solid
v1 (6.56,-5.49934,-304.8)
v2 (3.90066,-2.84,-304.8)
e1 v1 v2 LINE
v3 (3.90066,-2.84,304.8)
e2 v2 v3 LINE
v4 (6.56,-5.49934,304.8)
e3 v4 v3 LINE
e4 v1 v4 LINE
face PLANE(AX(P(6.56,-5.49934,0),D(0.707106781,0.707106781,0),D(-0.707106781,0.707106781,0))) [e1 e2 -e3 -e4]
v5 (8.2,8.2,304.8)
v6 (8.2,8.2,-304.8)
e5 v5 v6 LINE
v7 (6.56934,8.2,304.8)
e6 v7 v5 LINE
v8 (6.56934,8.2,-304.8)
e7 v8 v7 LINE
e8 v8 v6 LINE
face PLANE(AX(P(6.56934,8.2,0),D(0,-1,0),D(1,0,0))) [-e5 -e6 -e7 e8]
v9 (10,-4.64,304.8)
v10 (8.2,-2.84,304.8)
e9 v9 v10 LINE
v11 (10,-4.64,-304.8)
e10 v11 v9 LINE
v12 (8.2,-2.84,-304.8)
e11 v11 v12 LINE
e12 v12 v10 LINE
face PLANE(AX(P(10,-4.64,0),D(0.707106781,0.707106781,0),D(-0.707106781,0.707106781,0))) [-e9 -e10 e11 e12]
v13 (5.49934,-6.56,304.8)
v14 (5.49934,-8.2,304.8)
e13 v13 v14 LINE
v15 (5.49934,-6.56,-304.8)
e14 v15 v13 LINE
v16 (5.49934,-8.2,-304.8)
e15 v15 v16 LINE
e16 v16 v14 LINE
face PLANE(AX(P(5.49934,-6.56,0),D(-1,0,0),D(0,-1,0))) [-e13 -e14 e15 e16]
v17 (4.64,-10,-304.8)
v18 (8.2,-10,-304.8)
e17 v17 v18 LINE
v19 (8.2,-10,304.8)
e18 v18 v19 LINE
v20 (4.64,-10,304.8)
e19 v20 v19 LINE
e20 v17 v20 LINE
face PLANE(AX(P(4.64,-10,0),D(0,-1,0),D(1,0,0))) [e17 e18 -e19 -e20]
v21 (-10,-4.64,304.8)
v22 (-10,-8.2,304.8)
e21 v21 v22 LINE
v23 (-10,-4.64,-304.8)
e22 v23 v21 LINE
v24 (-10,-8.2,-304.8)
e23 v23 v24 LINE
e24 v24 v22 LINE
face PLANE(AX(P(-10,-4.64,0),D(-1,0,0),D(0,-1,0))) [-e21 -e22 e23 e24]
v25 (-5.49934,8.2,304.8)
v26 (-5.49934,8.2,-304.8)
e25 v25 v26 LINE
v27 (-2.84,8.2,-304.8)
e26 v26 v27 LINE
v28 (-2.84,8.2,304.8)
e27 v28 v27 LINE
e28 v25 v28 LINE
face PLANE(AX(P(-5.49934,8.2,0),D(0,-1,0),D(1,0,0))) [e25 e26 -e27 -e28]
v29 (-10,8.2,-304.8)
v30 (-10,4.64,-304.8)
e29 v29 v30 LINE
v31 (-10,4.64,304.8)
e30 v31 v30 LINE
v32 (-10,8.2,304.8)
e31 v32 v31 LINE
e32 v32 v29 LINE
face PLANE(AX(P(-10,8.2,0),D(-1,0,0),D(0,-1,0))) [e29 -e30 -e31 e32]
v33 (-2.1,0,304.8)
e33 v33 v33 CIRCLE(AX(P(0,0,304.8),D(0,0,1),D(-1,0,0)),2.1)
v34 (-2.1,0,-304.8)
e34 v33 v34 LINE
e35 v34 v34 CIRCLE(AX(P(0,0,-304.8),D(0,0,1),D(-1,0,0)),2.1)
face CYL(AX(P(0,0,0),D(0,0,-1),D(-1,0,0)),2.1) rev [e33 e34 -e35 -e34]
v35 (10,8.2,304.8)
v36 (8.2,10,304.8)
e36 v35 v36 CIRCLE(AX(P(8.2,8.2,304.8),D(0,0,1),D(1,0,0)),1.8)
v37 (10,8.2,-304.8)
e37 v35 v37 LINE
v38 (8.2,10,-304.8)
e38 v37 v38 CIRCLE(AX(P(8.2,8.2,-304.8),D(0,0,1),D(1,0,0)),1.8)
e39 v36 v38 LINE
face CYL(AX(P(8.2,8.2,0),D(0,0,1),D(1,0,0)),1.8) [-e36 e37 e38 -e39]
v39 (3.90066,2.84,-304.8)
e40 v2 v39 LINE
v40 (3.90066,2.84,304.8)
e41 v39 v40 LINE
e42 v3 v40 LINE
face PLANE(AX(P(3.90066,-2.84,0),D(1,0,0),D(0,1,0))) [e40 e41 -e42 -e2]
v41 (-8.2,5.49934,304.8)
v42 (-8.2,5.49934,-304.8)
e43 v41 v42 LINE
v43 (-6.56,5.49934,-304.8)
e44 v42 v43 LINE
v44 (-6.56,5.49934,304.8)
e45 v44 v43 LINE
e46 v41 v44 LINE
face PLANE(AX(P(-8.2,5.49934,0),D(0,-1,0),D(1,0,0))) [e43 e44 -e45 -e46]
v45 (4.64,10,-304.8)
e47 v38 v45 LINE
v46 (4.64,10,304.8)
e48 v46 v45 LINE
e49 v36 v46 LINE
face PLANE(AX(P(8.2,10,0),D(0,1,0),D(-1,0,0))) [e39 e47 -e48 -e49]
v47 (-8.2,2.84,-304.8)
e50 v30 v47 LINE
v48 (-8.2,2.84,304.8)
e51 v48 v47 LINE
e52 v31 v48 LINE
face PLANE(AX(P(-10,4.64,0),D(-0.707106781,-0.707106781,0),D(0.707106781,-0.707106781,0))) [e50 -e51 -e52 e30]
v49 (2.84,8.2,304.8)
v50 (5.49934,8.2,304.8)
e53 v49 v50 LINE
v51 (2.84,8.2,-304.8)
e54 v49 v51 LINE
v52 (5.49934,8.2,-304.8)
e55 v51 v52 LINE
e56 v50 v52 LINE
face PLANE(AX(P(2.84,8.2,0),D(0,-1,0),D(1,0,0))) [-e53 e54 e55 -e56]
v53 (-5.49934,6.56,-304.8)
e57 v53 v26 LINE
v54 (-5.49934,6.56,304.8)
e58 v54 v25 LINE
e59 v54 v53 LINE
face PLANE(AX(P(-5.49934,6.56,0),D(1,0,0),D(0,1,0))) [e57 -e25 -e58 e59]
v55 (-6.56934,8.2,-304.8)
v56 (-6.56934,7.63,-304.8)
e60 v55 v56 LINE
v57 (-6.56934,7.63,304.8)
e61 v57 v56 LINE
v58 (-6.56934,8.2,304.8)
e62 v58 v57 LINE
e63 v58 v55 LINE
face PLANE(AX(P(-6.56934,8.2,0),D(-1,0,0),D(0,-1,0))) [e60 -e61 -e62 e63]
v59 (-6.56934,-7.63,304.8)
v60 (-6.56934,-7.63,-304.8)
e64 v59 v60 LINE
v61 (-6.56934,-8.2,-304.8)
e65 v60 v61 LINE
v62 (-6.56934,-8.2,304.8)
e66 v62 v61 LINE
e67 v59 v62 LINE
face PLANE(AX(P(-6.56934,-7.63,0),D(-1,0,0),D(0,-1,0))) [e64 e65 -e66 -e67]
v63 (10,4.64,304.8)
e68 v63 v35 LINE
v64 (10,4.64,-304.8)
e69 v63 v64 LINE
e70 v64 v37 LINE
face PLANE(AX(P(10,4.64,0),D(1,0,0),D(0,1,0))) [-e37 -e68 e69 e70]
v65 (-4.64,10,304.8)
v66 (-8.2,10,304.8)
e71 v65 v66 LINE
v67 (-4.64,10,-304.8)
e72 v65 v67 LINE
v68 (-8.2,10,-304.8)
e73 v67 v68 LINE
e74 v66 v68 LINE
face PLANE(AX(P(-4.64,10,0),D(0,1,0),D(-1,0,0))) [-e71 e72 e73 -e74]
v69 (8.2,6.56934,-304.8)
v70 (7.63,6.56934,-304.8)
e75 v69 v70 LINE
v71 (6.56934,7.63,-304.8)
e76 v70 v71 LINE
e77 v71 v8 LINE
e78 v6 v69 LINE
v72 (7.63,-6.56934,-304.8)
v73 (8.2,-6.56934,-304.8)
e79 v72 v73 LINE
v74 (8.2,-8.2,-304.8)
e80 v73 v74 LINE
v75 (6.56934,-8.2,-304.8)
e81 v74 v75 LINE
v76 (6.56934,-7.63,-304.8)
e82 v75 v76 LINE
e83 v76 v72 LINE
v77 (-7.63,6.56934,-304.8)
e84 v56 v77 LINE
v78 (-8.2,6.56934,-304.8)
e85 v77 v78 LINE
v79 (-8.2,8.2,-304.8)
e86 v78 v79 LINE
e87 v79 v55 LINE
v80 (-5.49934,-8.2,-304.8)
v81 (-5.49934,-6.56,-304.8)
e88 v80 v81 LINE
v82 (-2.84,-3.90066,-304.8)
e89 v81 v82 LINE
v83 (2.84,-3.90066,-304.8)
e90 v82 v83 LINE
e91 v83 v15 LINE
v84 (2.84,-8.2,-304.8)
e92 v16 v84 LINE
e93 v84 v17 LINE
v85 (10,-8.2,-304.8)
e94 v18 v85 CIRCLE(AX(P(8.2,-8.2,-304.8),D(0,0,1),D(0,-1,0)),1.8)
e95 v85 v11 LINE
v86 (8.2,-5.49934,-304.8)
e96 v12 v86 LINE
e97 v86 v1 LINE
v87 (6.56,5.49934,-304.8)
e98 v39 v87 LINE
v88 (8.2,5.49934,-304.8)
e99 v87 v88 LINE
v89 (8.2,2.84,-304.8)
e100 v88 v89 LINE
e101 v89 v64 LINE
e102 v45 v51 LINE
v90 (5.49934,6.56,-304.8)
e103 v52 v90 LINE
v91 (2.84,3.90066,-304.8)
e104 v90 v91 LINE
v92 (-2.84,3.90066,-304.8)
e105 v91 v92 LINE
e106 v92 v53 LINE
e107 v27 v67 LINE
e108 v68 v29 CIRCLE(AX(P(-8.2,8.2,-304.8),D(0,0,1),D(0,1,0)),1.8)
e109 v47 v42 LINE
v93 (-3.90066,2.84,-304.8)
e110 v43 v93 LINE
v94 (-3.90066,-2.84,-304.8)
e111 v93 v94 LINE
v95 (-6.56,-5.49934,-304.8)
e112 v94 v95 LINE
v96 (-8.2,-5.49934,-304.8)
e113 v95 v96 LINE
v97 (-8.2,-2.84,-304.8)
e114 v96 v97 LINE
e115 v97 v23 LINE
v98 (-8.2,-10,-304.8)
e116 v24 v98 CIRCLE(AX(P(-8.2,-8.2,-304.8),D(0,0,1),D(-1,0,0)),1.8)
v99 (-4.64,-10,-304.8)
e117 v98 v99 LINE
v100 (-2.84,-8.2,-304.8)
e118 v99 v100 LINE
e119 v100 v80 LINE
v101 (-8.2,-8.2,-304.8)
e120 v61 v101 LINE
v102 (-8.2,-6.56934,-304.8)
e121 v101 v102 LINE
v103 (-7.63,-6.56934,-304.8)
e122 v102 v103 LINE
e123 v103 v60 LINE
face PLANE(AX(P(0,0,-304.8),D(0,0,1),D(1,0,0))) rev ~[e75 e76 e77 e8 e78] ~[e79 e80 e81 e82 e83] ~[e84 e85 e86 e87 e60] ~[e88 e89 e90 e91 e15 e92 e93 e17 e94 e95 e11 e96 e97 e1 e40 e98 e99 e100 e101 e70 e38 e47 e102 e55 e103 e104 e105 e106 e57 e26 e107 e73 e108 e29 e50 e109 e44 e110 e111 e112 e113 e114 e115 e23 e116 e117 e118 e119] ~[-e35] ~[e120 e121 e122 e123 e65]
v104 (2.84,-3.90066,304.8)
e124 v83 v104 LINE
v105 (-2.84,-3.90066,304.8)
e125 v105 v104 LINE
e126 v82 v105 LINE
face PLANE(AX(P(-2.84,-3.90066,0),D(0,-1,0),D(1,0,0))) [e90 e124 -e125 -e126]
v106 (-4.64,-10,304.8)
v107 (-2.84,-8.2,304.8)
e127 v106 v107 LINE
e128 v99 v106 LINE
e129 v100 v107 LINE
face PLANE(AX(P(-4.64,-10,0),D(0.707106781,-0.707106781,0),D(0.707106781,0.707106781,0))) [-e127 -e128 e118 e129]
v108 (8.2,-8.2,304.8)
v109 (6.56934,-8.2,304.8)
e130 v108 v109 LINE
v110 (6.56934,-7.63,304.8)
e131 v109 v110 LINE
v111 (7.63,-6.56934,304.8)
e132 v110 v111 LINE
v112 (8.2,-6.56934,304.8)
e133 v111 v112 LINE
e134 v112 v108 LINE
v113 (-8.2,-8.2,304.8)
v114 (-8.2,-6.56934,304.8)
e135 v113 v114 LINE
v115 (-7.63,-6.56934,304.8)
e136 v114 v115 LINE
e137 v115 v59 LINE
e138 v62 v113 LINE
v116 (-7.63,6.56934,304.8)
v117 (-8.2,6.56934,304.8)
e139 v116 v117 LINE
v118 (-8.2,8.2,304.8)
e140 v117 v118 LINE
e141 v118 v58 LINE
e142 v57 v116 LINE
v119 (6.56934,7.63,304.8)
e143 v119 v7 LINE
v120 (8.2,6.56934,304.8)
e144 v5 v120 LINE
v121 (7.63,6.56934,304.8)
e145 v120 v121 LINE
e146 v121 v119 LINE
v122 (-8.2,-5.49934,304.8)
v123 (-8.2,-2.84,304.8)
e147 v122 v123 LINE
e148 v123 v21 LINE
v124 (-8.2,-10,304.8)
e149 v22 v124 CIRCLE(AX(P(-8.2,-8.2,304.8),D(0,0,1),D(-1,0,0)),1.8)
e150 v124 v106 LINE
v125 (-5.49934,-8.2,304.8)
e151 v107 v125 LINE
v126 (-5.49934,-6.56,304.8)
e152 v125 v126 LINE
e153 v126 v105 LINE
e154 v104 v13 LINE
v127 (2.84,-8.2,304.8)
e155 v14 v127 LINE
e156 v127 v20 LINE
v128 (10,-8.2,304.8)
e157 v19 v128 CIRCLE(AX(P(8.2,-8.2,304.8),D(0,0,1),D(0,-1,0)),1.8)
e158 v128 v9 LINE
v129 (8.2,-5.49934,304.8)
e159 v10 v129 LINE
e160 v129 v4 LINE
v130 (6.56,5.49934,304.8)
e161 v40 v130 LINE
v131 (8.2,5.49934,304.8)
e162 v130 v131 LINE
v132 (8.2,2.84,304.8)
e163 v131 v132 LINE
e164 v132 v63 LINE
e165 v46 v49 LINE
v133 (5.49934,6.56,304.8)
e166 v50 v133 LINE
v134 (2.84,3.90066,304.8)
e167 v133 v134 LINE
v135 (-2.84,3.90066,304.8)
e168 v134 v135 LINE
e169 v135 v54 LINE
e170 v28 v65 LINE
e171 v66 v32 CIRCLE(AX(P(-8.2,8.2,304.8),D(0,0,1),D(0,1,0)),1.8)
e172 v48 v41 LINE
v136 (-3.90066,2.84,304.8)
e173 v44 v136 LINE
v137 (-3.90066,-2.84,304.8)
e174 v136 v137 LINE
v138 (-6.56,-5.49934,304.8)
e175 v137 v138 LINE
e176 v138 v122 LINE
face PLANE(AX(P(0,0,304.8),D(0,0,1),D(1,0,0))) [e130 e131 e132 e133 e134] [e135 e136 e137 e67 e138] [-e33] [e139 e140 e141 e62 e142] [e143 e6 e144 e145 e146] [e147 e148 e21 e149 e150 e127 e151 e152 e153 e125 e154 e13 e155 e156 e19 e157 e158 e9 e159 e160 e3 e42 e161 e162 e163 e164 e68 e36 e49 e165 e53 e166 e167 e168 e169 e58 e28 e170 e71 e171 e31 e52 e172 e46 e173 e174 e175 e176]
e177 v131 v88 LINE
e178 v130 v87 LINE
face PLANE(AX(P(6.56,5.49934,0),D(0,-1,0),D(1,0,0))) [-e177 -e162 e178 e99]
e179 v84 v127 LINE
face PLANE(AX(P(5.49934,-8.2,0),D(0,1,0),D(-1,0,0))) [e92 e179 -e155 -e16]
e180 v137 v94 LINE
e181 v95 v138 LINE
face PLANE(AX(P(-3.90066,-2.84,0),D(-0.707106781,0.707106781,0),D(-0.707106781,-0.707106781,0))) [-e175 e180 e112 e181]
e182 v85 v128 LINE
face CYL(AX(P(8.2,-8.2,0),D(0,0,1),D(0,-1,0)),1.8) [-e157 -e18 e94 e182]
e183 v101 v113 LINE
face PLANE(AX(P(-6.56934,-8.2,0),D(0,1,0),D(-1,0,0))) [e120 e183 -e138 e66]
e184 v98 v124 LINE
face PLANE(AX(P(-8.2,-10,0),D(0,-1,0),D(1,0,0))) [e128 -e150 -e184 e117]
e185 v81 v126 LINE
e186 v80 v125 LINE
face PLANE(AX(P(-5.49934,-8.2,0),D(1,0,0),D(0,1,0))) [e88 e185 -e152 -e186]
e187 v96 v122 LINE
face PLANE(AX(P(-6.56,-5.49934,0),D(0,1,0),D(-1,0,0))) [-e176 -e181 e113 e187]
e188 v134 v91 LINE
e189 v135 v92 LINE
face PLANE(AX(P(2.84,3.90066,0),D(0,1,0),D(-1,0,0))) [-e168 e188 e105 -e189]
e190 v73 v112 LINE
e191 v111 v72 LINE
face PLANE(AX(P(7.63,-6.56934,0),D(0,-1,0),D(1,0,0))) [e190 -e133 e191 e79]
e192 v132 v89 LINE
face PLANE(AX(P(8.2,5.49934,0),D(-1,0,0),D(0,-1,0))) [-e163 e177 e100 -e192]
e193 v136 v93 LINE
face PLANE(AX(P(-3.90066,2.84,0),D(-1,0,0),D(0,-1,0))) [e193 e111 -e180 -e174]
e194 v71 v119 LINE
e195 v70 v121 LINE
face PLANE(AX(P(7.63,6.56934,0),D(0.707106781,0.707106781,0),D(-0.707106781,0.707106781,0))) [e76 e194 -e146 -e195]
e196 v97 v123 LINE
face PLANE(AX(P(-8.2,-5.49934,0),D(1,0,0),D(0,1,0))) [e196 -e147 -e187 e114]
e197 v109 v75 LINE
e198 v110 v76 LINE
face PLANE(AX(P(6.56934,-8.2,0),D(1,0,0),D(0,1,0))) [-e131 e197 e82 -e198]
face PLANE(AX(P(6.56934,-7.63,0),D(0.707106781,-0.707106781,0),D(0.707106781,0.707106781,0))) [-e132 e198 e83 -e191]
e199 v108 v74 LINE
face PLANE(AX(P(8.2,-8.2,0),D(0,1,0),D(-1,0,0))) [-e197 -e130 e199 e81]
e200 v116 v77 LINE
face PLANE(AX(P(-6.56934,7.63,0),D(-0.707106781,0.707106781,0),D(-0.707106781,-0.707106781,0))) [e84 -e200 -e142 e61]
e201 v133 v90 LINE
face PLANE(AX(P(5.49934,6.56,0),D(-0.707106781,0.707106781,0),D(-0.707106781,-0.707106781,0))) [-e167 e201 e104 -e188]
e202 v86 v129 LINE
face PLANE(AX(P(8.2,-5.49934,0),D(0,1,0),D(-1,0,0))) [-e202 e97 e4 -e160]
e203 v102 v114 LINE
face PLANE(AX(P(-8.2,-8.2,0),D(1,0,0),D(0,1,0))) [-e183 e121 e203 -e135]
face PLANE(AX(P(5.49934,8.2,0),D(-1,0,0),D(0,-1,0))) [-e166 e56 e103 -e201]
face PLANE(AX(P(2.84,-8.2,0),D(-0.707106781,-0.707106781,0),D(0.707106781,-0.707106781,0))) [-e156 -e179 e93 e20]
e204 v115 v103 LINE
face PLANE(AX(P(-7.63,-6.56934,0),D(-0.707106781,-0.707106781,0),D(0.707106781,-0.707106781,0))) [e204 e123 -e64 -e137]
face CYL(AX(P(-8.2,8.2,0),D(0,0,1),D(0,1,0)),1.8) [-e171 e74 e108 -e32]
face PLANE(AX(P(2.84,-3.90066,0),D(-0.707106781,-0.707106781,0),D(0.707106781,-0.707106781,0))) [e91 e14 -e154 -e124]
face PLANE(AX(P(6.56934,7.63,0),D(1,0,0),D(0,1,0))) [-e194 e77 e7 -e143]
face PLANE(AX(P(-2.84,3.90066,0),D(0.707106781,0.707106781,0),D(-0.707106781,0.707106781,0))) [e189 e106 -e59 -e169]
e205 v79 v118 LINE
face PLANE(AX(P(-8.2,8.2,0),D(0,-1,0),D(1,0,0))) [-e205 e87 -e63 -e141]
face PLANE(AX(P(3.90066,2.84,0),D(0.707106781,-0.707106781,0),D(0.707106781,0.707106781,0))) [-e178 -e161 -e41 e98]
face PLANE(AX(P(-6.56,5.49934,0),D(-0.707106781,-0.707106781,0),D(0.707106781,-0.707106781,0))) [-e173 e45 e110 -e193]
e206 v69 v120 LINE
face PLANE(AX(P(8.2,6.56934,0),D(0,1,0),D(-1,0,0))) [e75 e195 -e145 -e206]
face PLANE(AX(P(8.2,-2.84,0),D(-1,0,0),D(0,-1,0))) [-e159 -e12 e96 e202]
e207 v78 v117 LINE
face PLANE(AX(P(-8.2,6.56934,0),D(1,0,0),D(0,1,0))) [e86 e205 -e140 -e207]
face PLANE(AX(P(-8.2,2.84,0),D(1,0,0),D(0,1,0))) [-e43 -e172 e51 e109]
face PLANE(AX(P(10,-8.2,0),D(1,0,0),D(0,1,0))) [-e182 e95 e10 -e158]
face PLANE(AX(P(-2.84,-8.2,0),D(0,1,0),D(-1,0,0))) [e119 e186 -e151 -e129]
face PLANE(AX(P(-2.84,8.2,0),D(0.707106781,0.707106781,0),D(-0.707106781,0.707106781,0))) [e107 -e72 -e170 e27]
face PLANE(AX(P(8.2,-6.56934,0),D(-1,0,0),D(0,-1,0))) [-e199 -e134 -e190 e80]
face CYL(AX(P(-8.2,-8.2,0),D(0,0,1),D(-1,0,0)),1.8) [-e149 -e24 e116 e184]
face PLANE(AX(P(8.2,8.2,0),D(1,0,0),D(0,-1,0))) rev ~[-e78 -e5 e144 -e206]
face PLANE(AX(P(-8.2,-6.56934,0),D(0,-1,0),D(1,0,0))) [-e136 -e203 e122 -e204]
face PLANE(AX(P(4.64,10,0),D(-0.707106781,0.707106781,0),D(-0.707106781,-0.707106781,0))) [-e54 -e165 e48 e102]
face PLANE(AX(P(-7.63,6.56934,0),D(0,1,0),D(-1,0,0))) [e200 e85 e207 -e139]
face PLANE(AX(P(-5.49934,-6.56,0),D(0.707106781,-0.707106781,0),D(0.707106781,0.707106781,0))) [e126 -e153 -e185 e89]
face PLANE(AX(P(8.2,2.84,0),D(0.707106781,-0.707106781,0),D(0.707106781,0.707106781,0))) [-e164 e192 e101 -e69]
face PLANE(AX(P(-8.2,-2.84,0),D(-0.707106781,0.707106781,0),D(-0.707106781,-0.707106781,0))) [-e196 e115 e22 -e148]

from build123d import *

# Parameters (mm, degrees)
SKETCH1_R      = 2.1
EXTRUDE1_DEPTH = 304.8


with BuildPart() as part:
    # Sketch1 → Extrude1 (new, symmetric)
    with BuildSketch(Plane.XY):
        with BuildLine():
            Line((-3.900660172, 0), (-3.900660172, -2.84))
            Line((-3.900660172, -2.84), (-6.56, -5.499339828))
            Line((-6.56, -5.499339828), (-8.2, -5.499339828))
            Line((-8.2, -5.499339828), (-8.2, -2.84))
            Line((-8.2, -2.84), (-10, -4.64))
            Line((-10, -4.64), (-10, -8.2))
            ThreePointArc((-10, -8.2), (-9.472792206, -9.472792206), (-8.2, -10))
            Line((-8.2, -10), (-4.64, -10))
            Line((-4.64, -10), (-2.84, -8.2))
            Line((-2.84, -8.2), (-5.499339828, -8.2))
            Line((-5.499339828, -8.2), (-5.499339828, -6.56))
            Line((-5.499339828, -6.56), (-2.84, -3.900660172))
            Line((-2.84, -3.900660172), (0, -3.900660172))
            Line((0, -3.900660172), (2.84, -3.900660172))
            Line((2.84, -3.900660172), (5.499339828, -6.56))
            Line((5.499339828, -6.56), (5.499339828, -8.2))
            Line((5.499339828, -8.2), (2.84, -8.2))
            Line((2.84, -8.2), (4.64, -10))
            Line((4.64, -10), (8.2, -10))
            ThreePointArc((8.2, -10), (9.472792206, -9.472792206), (10, -8.2))
            Line((10, -8.2), (10, -4.64))
            Line((10, -4.64), (8.2, -2.84))
            Line((8.2, -2.84), (8.2, -5.499339828))
            Line((8.2, -5.499339828), (6.56, -5.499339828))
            Line((6.56, -5.499339828), (3.900660172, -2.84))
            Line((3.900660172, -2.84), (3.900660172, 0))
            Line((3.900660172, 0), (3.900660172, 2.84))
            Line((3.900660172, 2.84), (6.56, 5.499339828))
            Line((6.56, 5.499339828), (8.2, 5.499339828))
            Line((8.2, 5.499339828), (8.2, 2.84))
            Line((8.2, 2.84), (10, 4.64))
            Line((10, 4.64), (10, 8.2))
            ThreePointArc((10, 8.2), (9.472792206, 9.472792206), (8.2, 10))
            Line((8.2, 10), (4.64, 10))
            Line((4.64, 10), (2.84, 8.2))
            Line((2.84, 8.2), (5.499339828, 8.2))
            Line((5.499339828, 8.2), (5.499339828, 6.56))
            Line((5.499339828, 6.56), (2.84, 3.900660172))
            Line((2.84, 3.900660172), (0, 3.900660172))
            Line((0, 3.900660172), (-2.84, 3.900660172))
            Line((-2.84, 3.900660172), (-5.499339828, 6.56))
            Line((-5.499339828, 6.56), (-5.499339828, 8.2))
            Line((-5.499339828, 8.2), (-2.84, 8.2))
            Line((-2.84, 8.2), (-4.64, 10))
            Line((-4.64, 10), (-8.2, 10))
            ThreePointArc((-8.2, 10), (-9.472792206, 9.472792206), (-10, 8.2))
            Line((-10, 8.2), (-10, 4.64))
            Line((-10, 4.64), (-8.2, 2.84))
            Line((-8.2, 2.84), (-8.2, 5.499339828))
            Line((-8.2, 5.499339828), (-6.56, 5.499339828))
            Line((-6.56, 5.499339828), (-3.900660172, 2.84))
            Line((-3.900660172, 2.84), (-3.900660172, 0))
        make_face()
        with Locations(Location((0, 0, 0), (0, 0, 180))):
            Circle(SKETCH1_R, mode=Mode.SUBTRACT)
        Polygon((-8.2, -8.2), (-8.2, -6.569339828), (-7.63, -6.569339828), (-6.569339828, -7.63), (-6.569339828, -8.2), align=None, mode=Mode.SUBTRACT)
        Polygon((-8.2, 6.569339828), (-8.2, 8.2), (-6.569339828, 8.2), (-6.569339828, 7.63), (-7.63, 6.569339828), align=None, mode=Mode.SUBTRACT)
        Polygon((6.569339828, 8.2), (8.2, 8.2), (8.2, 6.569339828), (7.63, 6.569339828), (6.569339828, 7.63), align=None, mode=Mode.SUBTRACT)
        Polygon((8.2, -6.569339828), (8.2, -8.2), (6.569339828, -8.2), (6.569339828, -7.63), (7.63, -6.569339828), align=None, mode=Mode.SUBTRACT)
    extrude(amount=EXTRUDE1_DEPTH, both=True)


solid = part.part
